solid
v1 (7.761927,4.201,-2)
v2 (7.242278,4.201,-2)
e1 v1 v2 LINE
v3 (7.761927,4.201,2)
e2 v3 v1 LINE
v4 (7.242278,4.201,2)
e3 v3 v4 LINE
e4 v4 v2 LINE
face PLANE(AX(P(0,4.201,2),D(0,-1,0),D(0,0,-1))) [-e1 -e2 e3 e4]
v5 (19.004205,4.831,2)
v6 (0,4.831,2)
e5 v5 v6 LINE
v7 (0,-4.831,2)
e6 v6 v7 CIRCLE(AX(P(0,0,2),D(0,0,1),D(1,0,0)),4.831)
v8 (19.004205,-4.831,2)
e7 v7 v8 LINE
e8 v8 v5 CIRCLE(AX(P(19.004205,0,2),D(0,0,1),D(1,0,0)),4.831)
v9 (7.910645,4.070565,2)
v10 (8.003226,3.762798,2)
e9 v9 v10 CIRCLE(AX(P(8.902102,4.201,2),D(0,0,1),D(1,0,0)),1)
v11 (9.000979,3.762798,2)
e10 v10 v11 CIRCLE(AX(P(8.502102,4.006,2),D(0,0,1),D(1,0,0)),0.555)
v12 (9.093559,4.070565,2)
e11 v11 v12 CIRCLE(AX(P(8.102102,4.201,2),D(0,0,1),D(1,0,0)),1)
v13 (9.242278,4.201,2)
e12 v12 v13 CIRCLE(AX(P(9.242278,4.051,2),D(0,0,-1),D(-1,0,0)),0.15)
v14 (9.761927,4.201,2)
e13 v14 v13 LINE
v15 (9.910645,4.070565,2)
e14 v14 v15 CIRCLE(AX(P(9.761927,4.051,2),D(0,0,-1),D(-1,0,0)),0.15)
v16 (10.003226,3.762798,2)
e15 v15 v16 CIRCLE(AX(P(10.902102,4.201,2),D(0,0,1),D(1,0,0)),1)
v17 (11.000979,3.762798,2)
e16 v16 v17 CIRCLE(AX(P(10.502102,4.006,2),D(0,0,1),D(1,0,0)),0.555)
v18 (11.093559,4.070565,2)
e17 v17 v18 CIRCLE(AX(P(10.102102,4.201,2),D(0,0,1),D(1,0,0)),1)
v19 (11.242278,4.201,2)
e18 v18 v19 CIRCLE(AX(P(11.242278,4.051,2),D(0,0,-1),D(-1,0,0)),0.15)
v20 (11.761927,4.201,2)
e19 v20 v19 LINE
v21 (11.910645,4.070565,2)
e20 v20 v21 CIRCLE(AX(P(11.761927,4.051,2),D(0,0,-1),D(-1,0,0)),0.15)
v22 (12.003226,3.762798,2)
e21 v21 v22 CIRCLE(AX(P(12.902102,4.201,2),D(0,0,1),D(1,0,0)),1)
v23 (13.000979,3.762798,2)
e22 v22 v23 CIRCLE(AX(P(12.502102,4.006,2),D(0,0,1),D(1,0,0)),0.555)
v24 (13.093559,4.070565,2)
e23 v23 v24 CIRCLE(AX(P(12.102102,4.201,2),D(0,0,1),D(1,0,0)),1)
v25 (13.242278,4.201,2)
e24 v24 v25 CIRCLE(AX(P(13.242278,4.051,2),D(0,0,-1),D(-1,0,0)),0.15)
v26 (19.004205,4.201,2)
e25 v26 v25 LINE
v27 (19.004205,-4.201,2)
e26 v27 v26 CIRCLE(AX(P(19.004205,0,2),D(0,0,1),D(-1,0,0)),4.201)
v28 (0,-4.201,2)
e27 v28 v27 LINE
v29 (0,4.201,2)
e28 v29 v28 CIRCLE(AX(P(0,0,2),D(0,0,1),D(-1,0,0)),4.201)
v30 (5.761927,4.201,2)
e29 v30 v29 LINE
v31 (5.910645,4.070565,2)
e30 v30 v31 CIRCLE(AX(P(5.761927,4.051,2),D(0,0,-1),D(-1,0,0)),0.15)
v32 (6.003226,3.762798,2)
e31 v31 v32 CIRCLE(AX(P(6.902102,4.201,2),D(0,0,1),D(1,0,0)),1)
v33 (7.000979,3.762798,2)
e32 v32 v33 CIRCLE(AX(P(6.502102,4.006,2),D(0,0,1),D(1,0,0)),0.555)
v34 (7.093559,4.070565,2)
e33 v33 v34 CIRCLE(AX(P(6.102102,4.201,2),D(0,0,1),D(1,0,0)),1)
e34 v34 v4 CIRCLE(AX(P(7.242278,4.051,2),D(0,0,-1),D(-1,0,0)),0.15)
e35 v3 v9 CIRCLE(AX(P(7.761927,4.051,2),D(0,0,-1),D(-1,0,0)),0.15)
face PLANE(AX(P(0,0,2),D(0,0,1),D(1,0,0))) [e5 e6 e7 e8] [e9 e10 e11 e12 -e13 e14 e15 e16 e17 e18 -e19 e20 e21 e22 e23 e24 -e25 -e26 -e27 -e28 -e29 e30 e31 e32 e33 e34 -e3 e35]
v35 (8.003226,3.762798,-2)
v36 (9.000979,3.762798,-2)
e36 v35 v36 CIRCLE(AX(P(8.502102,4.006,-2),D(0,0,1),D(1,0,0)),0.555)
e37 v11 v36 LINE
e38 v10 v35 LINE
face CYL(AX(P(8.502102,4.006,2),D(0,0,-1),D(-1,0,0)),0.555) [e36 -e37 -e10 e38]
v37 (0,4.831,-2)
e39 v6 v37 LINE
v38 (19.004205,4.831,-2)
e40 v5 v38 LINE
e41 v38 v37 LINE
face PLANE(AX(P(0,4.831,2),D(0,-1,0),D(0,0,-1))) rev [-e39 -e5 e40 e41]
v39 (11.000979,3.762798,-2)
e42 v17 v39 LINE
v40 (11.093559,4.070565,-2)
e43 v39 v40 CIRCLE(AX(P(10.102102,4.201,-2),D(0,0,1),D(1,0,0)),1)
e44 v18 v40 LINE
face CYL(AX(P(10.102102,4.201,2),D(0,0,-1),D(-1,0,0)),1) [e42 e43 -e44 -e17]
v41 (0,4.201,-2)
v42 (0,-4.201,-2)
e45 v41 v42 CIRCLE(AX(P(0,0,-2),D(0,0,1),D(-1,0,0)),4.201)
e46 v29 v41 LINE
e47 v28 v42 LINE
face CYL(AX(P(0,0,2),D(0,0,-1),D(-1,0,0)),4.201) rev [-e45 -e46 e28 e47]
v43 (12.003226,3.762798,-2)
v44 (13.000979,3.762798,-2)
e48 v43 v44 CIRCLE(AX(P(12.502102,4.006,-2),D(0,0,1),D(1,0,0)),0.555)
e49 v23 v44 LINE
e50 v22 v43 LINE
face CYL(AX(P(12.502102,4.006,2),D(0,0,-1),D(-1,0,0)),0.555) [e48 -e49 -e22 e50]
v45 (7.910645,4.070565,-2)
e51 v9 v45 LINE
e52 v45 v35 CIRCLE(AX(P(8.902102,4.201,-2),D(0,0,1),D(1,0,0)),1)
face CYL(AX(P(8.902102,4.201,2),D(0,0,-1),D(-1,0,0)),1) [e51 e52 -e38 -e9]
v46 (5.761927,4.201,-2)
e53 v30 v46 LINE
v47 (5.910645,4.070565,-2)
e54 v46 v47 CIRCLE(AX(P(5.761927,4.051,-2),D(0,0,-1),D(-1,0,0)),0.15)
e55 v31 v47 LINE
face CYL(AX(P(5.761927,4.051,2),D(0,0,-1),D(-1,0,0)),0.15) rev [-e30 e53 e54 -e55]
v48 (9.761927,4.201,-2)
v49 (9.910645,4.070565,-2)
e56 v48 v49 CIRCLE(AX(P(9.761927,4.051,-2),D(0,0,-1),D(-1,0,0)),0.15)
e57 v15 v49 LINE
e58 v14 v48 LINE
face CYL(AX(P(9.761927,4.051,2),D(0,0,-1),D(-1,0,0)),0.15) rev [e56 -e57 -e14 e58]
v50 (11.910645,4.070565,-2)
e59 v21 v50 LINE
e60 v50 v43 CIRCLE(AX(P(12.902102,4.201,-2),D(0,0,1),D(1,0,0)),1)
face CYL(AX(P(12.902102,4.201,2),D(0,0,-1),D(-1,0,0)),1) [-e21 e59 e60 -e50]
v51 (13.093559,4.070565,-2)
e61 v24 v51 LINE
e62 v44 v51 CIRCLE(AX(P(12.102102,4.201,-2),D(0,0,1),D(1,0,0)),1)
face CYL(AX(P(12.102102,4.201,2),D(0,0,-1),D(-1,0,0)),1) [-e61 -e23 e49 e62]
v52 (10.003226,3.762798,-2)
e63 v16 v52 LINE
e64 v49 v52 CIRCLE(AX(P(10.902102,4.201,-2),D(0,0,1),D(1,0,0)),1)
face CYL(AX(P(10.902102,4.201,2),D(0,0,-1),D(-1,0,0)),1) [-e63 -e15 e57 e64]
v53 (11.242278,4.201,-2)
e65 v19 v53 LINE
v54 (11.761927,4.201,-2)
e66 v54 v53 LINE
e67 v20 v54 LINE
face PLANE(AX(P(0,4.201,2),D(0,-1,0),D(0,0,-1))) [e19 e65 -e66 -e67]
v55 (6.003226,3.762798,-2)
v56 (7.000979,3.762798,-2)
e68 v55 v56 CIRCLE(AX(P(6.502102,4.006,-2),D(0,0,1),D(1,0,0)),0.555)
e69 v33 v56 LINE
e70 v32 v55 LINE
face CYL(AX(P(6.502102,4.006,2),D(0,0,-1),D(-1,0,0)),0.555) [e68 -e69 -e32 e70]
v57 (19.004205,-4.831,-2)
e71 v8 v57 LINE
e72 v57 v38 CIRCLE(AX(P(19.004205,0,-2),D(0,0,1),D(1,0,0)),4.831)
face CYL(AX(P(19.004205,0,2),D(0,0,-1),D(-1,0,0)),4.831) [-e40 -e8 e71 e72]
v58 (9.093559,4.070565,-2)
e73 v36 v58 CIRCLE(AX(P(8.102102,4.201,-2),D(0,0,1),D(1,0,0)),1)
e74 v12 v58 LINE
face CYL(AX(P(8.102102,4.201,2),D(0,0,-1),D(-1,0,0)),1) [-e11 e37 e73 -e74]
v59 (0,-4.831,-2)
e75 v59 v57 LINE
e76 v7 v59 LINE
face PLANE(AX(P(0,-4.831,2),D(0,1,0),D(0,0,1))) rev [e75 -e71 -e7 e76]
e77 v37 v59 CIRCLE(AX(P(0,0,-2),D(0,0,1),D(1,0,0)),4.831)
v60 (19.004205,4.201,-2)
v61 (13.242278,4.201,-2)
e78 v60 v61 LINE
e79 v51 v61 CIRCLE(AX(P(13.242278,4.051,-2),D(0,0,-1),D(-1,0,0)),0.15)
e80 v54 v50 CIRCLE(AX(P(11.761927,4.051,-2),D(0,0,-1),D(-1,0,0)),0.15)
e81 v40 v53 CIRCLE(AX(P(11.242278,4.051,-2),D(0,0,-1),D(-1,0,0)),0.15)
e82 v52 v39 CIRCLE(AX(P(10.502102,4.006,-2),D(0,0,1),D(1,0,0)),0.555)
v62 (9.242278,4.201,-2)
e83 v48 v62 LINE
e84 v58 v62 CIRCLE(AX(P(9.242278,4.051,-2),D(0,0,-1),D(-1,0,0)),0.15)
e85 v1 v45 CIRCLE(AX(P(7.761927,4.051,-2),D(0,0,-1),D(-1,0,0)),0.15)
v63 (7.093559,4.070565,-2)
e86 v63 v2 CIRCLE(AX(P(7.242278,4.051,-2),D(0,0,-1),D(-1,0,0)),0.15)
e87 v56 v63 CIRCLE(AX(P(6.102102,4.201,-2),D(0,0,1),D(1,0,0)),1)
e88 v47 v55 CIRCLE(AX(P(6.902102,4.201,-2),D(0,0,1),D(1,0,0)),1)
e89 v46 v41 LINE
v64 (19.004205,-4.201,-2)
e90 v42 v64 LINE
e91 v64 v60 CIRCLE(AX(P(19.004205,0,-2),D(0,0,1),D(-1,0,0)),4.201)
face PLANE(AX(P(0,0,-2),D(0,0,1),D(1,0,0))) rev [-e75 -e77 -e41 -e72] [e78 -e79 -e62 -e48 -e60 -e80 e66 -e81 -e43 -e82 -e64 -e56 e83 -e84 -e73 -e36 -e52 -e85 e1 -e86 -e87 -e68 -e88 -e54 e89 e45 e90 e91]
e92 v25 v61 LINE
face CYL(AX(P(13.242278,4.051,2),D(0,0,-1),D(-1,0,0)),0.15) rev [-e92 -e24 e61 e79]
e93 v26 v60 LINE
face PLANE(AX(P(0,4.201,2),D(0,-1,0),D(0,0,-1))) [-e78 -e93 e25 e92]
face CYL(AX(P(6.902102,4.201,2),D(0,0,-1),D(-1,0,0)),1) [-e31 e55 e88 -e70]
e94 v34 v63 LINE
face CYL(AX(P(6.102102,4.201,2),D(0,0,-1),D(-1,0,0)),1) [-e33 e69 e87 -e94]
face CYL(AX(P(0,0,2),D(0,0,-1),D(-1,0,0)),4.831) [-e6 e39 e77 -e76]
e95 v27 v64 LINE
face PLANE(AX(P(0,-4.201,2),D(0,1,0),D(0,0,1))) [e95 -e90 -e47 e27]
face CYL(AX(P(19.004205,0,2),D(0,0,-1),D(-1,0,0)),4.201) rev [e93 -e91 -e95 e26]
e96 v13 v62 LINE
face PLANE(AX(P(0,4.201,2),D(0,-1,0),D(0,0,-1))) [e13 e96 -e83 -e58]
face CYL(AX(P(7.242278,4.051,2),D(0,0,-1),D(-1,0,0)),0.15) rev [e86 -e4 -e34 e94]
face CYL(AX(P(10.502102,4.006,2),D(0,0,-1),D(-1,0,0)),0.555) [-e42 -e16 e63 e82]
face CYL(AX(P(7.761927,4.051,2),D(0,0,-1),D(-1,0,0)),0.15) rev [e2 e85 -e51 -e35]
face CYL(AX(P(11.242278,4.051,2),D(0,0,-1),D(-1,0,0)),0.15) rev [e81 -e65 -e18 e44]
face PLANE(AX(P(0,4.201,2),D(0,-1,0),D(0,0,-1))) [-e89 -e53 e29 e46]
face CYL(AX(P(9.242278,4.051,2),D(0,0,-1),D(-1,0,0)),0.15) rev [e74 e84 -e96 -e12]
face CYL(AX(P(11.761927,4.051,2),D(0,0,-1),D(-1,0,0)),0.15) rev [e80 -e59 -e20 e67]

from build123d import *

# Parameters (mm, degrees)
BOSS_EXTRUDE1_DEPTH = 2
BOSS_EXTRUDE2_DEPTH = 2
LPATTERN1_COUNT     = 2
LPATTERN1_PITCH     = 4


with BuildPart() as part:
    # Sketch1 → Boss-Extrude1 (new body, symmetric)
    with BuildSketch(Plane.XY):
        with BuildLine():
            Line((0, 4.831), (19.004204728, 4.831))
            ThreePointArc((19.004204728, 4.831), (23.835204728, 0), (19.004204728, -4.831))
            Line((19.004204728, -4.831), (0, -4.831))
            ThreePointArc((0, -4.831), (-4.831, 0), (0, 4.831))
        make_face()
        with BuildLine():
            Line((0, 4.201), (19.004204728, 4.201))
            ThreePointArc((19.004204728, 4.201), (23.205204728, 0), (19.004204728, -4.201))
            Line((19.004204728, -4.201), (0, -4.201))
            ThreePointArc((0, -4.201), (-4.201, 0), (0, 4.201))
        make_face(mode=Mode.SUBTRACT)
    extrude(amount=BOSS_EXTRUDE1_DEPTH, both=True)

    # Sketch2 → Boss-Extrude2 (add, symmetric)
    with BuildSketch(Plane.XY):
        with BuildLine():
            Line((5.502102364, 4.831), (5.502102364, 4.201))
            Line((5.502102364, 4.201), (5.761926939, 4.201))
            ThreePointArc((5.761926939, 4.201), (5.86083401, 4.163771412), (5.910645473, 4.070565217))
            ThreePointArc((5.910645473, 4.070565217), (5.94449065, 3.912937846), (6.00322596, 3.762797753))
            ThreePointArc((6.00322596, 3.762797753), (6.502102364, 3.451), (7.000978769, 3.762797753))
            ThreePointArc((7.000978769, 3.762797753), (7.059714078, 3.912937846), (7.093559256, 4.070565217))
            ThreePointArc((7.093559256, 4.070565217), (7.143370718, 4.163771412), (7.242277789, 4.201))
            Line((7.242277789, 4.201), (7.761926939, 4.201))
            ThreePointArc((7.761926939, 4.201), (7.86083401, 4.163771412), (7.910645473, 4.070565217))
            ThreePointArc((7.910645473, 4.070565217), (7.94449065, 3.912937846), (8.00322596, 3.762797753))
            ThreePointArc((8.00322596, 3.762797753), (8.502102364, 3.451), (9.000978769, 3.762797753))
            ThreePointArc((9.000978769, 3.762797753), (9.059714078, 3.912937846), (9.093559256, 4.070565217))
            ThreePointArc((9.093559256, 4.070565217), (9.143370718, 4.163771412), (9.242277789, 4.201))
            Line((9.242277789, 4.201), (9.502102364, 4.201))
            Line((9.502102364, 4.201), (9.502102364, 4.831))
            Line((9.502102364, 4.831), (5.502102364, 4.831))
        make_face()
    boss_extrude2 = extrude(amount=BOSS_EXTRUDE2_DEPTH, both=True)

    # LPattern1: Boss-Extrude2 ×2
    with Locations(*[(i * LPATTERN1_PITCH, 0, 0) for i in range(1, LPATTERN1_COUNT)]):
        add(boss_extrude2)


solid = part.part
